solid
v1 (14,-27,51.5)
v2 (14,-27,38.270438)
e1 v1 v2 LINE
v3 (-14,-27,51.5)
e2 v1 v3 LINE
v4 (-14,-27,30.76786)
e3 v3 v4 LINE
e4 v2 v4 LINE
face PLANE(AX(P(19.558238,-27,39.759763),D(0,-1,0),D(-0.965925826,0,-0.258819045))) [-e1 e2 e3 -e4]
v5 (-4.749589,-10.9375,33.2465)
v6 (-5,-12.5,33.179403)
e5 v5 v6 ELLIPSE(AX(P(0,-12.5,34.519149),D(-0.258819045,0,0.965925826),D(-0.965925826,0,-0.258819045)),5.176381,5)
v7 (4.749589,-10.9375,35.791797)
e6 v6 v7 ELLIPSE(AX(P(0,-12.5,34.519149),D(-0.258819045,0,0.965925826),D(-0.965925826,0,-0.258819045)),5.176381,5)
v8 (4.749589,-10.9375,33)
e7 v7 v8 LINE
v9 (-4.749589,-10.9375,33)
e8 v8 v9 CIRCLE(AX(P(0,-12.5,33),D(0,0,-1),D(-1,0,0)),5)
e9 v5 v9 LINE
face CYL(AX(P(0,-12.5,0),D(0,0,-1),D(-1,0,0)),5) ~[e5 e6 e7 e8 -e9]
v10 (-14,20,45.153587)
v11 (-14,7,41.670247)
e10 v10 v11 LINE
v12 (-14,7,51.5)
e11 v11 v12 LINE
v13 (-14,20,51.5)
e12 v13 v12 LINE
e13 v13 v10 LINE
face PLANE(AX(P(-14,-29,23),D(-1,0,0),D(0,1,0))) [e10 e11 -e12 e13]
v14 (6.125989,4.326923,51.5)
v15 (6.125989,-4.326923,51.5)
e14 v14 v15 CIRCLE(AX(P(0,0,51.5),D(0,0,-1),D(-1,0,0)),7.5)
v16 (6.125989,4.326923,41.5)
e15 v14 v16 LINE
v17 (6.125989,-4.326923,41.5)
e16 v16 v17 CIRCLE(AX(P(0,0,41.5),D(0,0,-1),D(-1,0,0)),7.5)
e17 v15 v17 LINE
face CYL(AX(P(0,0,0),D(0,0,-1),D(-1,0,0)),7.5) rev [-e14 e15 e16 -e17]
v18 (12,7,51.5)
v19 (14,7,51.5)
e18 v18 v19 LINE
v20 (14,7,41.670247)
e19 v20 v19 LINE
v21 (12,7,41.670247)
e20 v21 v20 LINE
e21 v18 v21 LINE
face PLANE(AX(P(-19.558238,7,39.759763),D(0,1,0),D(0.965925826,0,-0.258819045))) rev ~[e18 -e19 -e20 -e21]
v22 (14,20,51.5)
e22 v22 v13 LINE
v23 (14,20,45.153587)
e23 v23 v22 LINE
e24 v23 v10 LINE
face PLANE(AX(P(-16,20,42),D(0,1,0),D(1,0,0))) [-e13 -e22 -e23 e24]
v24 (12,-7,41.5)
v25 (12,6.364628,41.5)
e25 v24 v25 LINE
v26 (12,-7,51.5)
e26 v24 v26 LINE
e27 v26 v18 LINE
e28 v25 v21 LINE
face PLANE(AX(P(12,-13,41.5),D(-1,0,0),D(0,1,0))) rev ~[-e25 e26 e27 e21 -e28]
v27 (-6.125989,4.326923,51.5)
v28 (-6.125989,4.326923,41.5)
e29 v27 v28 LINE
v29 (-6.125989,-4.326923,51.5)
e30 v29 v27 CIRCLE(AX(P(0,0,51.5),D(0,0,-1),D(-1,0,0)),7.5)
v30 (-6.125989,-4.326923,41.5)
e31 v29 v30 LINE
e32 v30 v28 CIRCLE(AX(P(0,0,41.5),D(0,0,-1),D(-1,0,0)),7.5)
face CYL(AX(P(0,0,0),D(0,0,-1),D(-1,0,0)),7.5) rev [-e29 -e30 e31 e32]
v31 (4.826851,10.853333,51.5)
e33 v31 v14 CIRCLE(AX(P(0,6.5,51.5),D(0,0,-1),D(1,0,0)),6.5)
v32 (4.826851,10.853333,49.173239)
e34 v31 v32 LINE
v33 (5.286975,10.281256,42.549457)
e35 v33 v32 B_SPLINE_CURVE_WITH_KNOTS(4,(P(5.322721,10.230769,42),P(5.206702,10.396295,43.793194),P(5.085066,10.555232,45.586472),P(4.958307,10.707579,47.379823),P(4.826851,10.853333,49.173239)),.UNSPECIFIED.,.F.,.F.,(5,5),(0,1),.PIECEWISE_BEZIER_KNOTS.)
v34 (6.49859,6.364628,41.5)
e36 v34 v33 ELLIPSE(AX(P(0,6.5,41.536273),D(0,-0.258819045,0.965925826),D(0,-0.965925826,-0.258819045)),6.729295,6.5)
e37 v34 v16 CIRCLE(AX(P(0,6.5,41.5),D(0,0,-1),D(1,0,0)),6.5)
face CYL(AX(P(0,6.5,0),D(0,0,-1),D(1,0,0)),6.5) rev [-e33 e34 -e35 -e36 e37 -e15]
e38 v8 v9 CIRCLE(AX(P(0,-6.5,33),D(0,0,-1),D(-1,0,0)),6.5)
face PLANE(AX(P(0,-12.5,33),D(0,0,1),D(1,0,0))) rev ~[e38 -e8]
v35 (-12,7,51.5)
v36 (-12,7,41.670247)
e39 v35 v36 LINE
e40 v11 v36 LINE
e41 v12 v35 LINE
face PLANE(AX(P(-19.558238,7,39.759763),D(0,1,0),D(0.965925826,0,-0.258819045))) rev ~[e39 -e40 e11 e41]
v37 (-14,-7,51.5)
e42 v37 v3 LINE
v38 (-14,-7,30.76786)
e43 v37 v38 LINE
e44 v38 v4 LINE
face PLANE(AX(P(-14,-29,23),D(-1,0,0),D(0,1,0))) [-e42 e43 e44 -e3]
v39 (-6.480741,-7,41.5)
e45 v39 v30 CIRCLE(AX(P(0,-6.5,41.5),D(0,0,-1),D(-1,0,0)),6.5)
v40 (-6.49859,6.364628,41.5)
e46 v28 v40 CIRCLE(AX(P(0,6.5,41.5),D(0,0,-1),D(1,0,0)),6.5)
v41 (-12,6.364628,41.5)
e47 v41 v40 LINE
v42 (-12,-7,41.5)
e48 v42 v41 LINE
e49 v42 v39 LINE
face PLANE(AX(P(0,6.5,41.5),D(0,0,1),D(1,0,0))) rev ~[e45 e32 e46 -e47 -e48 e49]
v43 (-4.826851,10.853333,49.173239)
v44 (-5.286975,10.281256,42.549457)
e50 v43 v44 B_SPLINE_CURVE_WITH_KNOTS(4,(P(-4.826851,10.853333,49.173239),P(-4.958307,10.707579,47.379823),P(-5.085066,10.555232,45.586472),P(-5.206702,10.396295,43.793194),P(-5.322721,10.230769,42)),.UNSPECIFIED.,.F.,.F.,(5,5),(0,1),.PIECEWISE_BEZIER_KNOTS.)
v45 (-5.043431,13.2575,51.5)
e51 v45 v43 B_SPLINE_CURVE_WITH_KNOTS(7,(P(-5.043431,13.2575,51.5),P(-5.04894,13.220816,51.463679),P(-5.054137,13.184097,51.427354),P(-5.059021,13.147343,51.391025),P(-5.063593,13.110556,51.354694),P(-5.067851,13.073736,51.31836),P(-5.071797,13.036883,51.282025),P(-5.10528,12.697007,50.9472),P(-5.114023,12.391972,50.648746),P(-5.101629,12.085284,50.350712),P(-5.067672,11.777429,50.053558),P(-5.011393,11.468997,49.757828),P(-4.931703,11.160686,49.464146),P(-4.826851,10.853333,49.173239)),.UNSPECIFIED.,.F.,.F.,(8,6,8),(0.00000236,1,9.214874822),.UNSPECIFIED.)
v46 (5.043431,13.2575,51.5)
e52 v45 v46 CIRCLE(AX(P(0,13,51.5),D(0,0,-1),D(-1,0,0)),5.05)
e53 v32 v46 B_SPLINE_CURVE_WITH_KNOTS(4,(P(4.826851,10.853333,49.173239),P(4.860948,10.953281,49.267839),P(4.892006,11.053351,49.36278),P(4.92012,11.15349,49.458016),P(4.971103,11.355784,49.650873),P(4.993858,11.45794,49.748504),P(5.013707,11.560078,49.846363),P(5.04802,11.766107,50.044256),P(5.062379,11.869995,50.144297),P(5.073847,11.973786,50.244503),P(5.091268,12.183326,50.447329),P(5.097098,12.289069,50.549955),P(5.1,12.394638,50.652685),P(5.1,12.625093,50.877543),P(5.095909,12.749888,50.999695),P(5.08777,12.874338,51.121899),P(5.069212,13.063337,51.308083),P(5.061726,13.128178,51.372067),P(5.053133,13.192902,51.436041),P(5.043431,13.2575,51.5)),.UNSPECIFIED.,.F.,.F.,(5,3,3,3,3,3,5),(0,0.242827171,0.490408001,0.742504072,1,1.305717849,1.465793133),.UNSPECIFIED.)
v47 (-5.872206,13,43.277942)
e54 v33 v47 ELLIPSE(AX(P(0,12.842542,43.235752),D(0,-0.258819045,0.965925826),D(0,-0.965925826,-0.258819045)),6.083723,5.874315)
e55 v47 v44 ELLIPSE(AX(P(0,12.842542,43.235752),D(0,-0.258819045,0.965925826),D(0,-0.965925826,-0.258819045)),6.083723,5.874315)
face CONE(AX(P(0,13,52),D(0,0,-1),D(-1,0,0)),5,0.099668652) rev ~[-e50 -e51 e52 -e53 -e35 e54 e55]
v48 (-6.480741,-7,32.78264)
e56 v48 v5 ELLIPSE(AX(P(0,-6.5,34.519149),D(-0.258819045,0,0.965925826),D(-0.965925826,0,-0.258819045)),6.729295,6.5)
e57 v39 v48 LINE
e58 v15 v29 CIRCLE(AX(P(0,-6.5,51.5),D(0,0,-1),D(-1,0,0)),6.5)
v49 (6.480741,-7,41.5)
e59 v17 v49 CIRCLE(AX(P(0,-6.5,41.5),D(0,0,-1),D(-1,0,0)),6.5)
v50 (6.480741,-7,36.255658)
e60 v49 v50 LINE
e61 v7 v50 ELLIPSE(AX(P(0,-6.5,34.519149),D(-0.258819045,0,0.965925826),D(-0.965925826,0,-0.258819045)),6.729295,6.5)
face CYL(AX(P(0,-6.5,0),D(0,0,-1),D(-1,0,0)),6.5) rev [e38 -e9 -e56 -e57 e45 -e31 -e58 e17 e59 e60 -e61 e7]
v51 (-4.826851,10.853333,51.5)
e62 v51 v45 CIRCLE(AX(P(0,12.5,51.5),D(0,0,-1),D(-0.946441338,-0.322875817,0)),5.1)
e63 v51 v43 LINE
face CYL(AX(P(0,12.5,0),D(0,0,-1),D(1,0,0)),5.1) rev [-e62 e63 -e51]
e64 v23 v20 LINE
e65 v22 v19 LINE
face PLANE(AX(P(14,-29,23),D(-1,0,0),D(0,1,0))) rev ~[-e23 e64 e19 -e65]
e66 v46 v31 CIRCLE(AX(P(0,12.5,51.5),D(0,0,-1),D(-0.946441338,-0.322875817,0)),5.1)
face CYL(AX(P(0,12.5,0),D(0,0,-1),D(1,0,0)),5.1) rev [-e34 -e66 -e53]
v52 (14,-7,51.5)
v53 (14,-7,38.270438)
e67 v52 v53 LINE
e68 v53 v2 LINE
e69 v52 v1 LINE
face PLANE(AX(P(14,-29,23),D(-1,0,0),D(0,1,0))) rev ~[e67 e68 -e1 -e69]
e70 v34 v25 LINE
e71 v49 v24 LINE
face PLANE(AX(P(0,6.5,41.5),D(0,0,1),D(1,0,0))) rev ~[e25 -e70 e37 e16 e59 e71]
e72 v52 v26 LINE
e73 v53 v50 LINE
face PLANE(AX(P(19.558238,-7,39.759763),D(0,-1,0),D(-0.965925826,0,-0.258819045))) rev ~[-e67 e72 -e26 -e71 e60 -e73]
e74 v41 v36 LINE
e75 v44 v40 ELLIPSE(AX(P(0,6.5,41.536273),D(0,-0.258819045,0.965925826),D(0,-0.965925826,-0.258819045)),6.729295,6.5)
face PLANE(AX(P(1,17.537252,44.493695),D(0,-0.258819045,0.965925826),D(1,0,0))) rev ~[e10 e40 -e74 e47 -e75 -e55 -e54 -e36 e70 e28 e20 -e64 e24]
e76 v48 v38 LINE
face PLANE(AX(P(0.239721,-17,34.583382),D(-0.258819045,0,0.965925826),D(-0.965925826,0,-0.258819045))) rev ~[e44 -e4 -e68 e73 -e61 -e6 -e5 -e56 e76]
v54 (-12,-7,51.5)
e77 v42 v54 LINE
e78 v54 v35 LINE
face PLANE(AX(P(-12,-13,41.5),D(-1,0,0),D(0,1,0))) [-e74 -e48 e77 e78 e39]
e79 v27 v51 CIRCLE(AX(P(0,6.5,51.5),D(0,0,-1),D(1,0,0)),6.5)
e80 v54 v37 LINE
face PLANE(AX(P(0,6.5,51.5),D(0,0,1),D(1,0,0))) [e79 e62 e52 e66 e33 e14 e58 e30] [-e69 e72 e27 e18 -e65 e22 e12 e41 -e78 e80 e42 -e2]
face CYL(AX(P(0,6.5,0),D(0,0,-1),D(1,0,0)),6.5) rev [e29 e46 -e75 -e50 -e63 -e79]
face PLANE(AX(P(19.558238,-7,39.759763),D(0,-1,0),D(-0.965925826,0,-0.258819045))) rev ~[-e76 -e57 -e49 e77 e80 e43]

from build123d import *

# Parameters (mm, degrees)
BOX007_W                  = 30
BOX007_H                  = 20
BOX007_DEPTH              = 10
BOX005_W                  = 12
BOX005_H                  = 60
BOX005_DEPTH              = 30
BOX006_W                  = 12
BOX006_H                  = 60
BOX006_DEPTH              = 30
BOX004_W                  = 50
BOX004_H                  = 30
BOX004_DEPTH              = 19
BOX004_PLACEMENT_ANGLE    = 15
CYLINDER012_R             = 5.1
CYLINDER012_DEPTH         = 50
CYLINDER007_R             = 7.5
CYLINDER007_DEPTH         = 70
CYLINDER009_R             = 6.5
CYLINDER009_DEPTH         = 70
CYLINDER010_R             = 7.5
CYLINDER010_DEPTH         = 70
CYLINDER011_R             = 6.5
CYLINDER011_DEPTH         = 70
FUSION007_PLACEMENT_ANGLE = 180
CYLINDER008_R             = 5.1
CYLINDER008_DEPTH         = 70
BOX003_W                  = 57
BOX003_H                  = 59
BOX003_DEPTH              = 20
CYLINDER004_R             = 6.35
CYLINDER004_DEPTH         = 50
BOX_W                     = 40
BOX_H                     = 20
BOX_DEPTH                 = 30
BOX_PLACEMENT_ANGLE       = 15
CYLINDER001_R             = 5
CYLINDER001_DEPTH         = 50
CYLINDER006_R             = 6.35
CYLINDER006_DEPTH         = 50
BOX001_W                  = 40
BOX001_H                  = 20
BOX001_DEPTH              = 30
BOX001_PLACEMENT_ANGLE    = 15
CYLINDER005_R             = 5
CYLINDER005_DEPTH         = 50
FUSION003_PLACEMENT_ANGLE = 180
BOX002_W                  = 24
BOX002_H                  = 39
BOX002_DEPTH              = 10


with BuildPart() as cube007:
    # Box007 → Box007 (new body)
    with BuildSketch(Plane(origin=(-16, 20, 42), x_dir=(1, 0, 0), z_dir=(0, 0, 1))):
        with Locations((15, 10)):
            Rectangle(BOX007_W, BOX007_H)
    extrude(amount=BOX007_DEPTH)


with BuildPart() as cone:
    # Cone → Cone (revolve)
    with BuildSketch(Plane(origin=(0, 13, 52), x_dir=(-1, 0, 0), z_dir=(0, -1, 0))):
        Polygon((0, 0), (5, 0), (6, 10), (0, 10), align=None)
    revolve(axis=Axis((0, 13, 52), (0, 0, -1)))


with BuildPart() as cube005:
    # Box005 → Box005 (new body)
    with BuildSketch(Plane(origin=(14, -29, 23), x_dir=(1, 0, 0), z_dir=(0, 0, 1))):
        with Locations((6, 30)):
            Rectangle(BOX005_W, BOX005_H)
    extrude(amount=BOX005_DEPTH)


with BuildPart() as fusion009:
    # Box006 → Box006 (new body)
    with BuildSketch(Plane(origin=(-26, -29, 23), x_dir=(1, 0, 0), z_dir=(0, 0, 1))):
        with Locations((6, 30)):
            Rectangle(BOX006_W, BOX006_H)
    extrude(amount=BOX006_DEPTH)

    # Fusion009: union Cube005
    add(cube005.part)


with BuildPart() as cube004:
    # Box004 → Box004 (new body)
    with BuildSketch(Plane.XY):
        with Locations((25, 15)):
            Rectangle(BOX004_W, BOX004_H)
    extrude(amount=BOX004_DEPTH)


with BuildPart() as cube004_1:
    # Box004 placement: moved
    add(cube004.part.moved(Location((-24, 7.965926, 22.258819))).rotate(Axis((-24, 7.965926, 22.258819), (1, 0, 0)), BOX004_PLACEMENT_ANGLE))


with BuildPart() as bevilpin005:
    # Cylinder012 → Cylinder012 (new body)
    with BuildSketch(Plane(origin=(0, -12.5, -17), x_dir=(1, 0, 0), z_dir=(0, 0, 1))):
        Circle(CYLINDER012_R)
    extrude(amount=CYLINDER012_DEPTH)


with BuildPart() as bevilpin003:
    # Cylinder007 → Cylinder007 (new body)
    with BuildSketch(Plane.XY):
        Circle(CYLINDER007_R)
    extrude(amount=CYLINDER007_DEPTH)


with BuildPart() as fusion006:
    # Cylinder009 → Cylinder009 (new body)
    with BuildSketch(Plane(origin=(0, 6.5, 0), x_dir=(1, 0, 0), z_dir=(0, 0, 1))):
        Circle(CYLINDER009_R)
    extrude(amount=CYLINDER009_DEPTH)

    # Fusion006: union bevilPin003
    add(bevilpin003.part)


with BuildPart() as bevilpin004:
    # Cylinder010 → Cylinder010 (new body)
    with BuildSketch(Plane.XY):
        Circle(CYLINDER010_R)
    extrude(amount=CYLINDER010_DEPTH)


with BuildPart() as fusion008:
    # Cylinder011 → Cylinder011 (new body)
    with BuildSketch(Plane(origin=(0, 6.5, 0), x_dir=(1, 0, 0), z_dir=(0, 0, 1))):
        Circle(CYLINDER011_R)
    extrude(amount=CYLINDER011_DEPTH)

    # Fusion007: union bevilPin004
    add(bevilpin004.part)


with BuildPart() as fusion008_1:
    # Fusion007 placement: moved
    add(fusion008.part.rotate(Axis((0, 0, 0), (0, 0, 1)), FUSION007_PLACEMENT_ANGLE))

    # Fusion008: union Fusion006
    add(fusion006.part)


with BuildPart() as cylinder008:
    # Cylinder008 → Cylinder008 (new body)
    with BuildSketch(Plane(origin=(0, 12.5, 0), x_dir=(1, 0, 0), z_dir=(0, 0, 1))):
        Circle(CYLINDER008_R)
    extrude(amount=CYLINDER008_DEPTH)


with BuildPart() as cube003:
    # Box003 → Box003 (new body)
    with BuildSketch(Plane(origin=(-29.5, -29, 51.5), x_dir=(1, 0, 0), z_dir=(0, 0, 1))):
        with Locations((28.5, 29.5)):
            Rectangle(BOX003_W, BOX003_H)
    extrude(amount=BOX003_DEPTH)


with BuildPart() as bevilpin001:
    # Cylinder004 → Cylinder004 (new body)
    with BuildSketch(Plane.XY):
        Circle(CYLINDER004_R)
    extrude(amount=CYLINDER004_DEPTH)


with BuildPart() as cube:
    # Box → Box (new body)
    with BuildSketch(Plane.XY):
        with Locations((20, 10)):
            Rectangle(BOX_W, BOX_H)
    extrude(amount=BOX_DEPTH)


with BuildPart() as cube_1:
    # Box placement: moved
    add(cube.part.moved(Location((-19.558238, 7, 39.759763))).rotate(Axis((-19.558238, 7, 39.759763), (0, 1, 0)), BOX_PLACEMENT_ANGLE))


with BuildPart() as fusion001:
    # Cylinder001 → Cylinder001 (new body)
    with BuildSketch(Plane(origin=(0, 12.5, 0), x_dir=(1, 0, 0), z_dir=(0, 0, 1))):
        Circle(CYLINDER001_R)
    extrude(amount=CYLINDER001_DEPTH)

    # Fusion: union Cube
    add(cube_1.part)

    # Fusion001: union bevilPin001
    add(bevilpin001.part)


with BuildPart() as bevilpin002:
    # Cylinder006 → Cylinder006 (new body)
    with BuildSketch(Plane.XY):
        Circle(CYLINDER006_R)
    extrude(amount=CYLINDER006_DEPTH)


with BuildPart() as cube001:
    # Box001 → Box001 (new body)
    with BuildSketch(Plane.XY):
        with Locations((20, 10)):
            Rectangle(BOX001_W, BOX001_H)
    extrude(amount=BOX001_DEPTH)


with BuildPart() as cube001_1:
    # Box001 placement: moved
    add(cube001.part.moved(Location((-19.558238, 7, 39.759763))).rotate(Axis((-19.558238, 7, 39.759763), (0, 1, 0)), BOX001_PLACEMENT_ANGLE))


with BuildPart() as fusion004:
    # Cylinder005 → Cylinder005 (new body)
    with BuildSketch(Plane(origin=(0, 12.5, 0), x_dir=(1, 0, 0), z_dir=(0, 0, 1))):
        Circle(CYLINDER005_R)
    extrude(amount=CYLINDER005_DEPTH)

    # Fusion002: union Cube001
    add(cube001_1.part)

    # Fusion003: union bevilPin002
    add(bevilpin002.part)


with BuildPart() as fusion004_1:
    # Fusion003 placement: moved
    add(fusion004.part.rotate(Axis((0, 0, 0), (0, 0, 1)), FUSION003_PLACEMENT_ANGLE))

    # Fusion004: union Fusion001
    add(fusion001.part)


with BuildPart() as cut007:
    # Box002 → Box002 (new body)
    with BuildSketch(Plane(origin=(-12, -13, 41.5), x_dir=(1, 0, 0), z_dir=(0, 0, 1))):
        with Locations((12, 19.5)):
            Rectangle(BOX002_W, BOX002_H)
    extrude(amount=BOX002_DEPTH)

    # Fusion005: union Fusion004
    add(fusion004_1.part)

    # Cut: cut Cube003
    add(cube003.part, mode=Mode.SUBTRACT)

    # Cut001: cut Cylinder008
    add(cylinder008.part, mode=Mode.SUBTRACT)

    # Cut002: cut Fusion008
    add(fusion008_1.part, mode=Mode.SUBTRACT)

    # Cut003: cut bevilPin005
    add(bevilpin005.part, mode=Mode.SUBTRACT)

    # Cut004: cut Cube004
    add(cube004_1.part, mode=Mode.SUBTRACT)

    # Cut005: cut Fusion009
    add(fusion009.part, mode=Mode.SUBTRACT)

    # Cut006: cut Cone
    add(cone.part, mode=Mode.SUBTRACT)

    # Cut007: cut Cube007
    add(cube007.part, mode=Mode.SUBTRACT)


solid = cut007.part
